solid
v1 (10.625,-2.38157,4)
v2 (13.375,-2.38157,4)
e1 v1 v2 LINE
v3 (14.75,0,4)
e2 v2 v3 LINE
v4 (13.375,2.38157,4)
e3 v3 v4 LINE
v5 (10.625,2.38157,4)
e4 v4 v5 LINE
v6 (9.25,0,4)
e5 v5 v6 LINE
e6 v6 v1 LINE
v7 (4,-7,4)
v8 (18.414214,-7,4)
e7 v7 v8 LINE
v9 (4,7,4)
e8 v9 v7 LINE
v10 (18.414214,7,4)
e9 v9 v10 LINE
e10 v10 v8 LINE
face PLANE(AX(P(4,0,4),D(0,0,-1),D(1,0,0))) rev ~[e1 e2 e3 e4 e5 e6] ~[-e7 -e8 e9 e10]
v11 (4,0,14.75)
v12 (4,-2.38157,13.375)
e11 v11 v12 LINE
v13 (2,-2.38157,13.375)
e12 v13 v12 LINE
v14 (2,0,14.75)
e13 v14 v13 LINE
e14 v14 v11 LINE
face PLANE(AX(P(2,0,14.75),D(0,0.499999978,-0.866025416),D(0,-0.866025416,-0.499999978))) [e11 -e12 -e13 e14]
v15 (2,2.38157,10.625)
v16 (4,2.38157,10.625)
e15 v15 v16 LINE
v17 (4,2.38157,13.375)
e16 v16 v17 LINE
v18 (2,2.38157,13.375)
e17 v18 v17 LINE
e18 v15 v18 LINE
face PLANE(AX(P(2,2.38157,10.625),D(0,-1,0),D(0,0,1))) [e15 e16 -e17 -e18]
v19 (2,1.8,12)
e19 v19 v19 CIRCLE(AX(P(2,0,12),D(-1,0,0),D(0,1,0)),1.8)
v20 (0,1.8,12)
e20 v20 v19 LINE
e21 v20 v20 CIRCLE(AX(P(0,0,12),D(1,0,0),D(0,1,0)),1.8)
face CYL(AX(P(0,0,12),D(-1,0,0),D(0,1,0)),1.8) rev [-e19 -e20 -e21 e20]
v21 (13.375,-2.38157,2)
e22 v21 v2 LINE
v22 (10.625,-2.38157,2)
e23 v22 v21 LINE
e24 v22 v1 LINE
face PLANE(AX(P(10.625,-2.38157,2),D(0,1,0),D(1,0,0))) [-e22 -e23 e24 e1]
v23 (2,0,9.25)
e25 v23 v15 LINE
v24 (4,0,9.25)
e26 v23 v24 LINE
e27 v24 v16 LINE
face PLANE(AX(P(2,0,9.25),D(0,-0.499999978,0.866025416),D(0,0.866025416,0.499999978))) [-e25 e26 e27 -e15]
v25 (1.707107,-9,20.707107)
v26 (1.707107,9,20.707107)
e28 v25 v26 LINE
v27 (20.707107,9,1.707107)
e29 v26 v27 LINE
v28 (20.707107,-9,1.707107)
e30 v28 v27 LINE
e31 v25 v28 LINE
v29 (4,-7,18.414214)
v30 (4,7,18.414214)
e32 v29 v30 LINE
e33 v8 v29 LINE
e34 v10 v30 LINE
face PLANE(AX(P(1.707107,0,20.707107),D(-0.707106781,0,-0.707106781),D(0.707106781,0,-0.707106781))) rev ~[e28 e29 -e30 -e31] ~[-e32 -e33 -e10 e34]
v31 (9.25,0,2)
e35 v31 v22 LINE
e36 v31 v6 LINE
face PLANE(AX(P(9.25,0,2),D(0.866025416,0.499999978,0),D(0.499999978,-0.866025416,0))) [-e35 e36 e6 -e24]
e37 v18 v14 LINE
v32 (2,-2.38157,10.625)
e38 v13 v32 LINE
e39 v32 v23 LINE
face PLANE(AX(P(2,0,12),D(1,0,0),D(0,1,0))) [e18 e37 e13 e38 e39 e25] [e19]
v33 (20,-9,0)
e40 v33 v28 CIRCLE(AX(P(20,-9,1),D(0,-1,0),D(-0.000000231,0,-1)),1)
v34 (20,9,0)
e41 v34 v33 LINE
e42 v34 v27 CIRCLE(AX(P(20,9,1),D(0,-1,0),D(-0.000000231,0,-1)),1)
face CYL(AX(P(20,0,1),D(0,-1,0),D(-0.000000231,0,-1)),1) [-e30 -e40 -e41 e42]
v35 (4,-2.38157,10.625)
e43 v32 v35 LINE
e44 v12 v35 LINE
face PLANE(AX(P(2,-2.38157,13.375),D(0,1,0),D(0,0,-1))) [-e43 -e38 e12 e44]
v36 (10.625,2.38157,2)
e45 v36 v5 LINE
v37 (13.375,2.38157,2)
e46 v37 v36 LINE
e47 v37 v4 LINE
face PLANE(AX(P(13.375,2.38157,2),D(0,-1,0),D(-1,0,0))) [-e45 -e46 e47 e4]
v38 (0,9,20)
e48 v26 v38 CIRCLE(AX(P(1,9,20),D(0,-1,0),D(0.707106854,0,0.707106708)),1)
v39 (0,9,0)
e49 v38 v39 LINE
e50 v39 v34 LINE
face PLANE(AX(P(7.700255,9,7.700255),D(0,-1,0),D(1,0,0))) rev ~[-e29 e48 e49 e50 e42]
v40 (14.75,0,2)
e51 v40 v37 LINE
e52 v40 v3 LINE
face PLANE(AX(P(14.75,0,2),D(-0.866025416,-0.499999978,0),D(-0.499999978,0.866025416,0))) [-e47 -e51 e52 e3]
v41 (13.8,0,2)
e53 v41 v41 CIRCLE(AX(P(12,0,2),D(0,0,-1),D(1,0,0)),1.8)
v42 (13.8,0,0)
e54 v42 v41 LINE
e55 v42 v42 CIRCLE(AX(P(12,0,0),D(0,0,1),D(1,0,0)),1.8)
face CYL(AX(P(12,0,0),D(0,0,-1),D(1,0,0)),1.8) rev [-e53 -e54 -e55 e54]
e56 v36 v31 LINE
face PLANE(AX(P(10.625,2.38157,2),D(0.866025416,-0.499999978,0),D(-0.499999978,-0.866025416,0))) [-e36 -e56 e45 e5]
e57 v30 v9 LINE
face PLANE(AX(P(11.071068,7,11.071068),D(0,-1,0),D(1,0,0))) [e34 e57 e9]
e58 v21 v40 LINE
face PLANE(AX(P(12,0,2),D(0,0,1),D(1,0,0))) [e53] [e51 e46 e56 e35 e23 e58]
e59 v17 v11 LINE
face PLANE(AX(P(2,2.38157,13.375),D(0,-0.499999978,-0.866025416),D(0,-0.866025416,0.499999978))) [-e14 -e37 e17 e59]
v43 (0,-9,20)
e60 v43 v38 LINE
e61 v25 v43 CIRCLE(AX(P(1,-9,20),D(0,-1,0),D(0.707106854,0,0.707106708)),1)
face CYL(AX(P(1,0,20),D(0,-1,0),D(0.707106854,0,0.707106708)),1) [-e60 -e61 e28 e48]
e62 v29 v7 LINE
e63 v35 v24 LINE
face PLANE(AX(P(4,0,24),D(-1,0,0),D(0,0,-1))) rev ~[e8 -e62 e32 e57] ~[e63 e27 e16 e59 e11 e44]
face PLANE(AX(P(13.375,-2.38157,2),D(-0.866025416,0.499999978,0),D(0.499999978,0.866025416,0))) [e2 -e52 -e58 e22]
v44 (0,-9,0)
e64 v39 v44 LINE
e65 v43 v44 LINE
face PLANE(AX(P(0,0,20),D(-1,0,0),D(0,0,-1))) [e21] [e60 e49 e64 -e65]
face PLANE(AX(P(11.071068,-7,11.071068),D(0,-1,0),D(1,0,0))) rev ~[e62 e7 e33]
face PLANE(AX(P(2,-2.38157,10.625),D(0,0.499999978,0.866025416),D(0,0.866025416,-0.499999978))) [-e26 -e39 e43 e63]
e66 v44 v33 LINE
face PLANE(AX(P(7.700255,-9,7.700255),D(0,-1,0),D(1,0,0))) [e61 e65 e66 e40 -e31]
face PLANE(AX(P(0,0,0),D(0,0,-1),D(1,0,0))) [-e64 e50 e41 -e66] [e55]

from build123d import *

# Parameters (mm, degrees)
PAD001_DEPTH         = 9
POCKET001_DEPTH      = 7
SKETCH004_R          = 1.8
POCKET002_DEPTH      = 0.001
POCKET002_DEPTH_BACK = 21.001
SKETCH005_R          = 1.8
POCKET003_DEPTH      = 0.001
POCKET003_DEPTH_BACK = 21.001
POCKET004_DEPTH      = 5
POCKET005_DEPTH      = 5


with BuildPart() as part:
    # Sketch002 → Pad001 (new body, symmetric)
    with BuildSketch(Plane.XZ):
        with BuildLine():
            Line((0, 20), (0, 0))
            Line((0, 0), (20, 0))
            ThreePointArc((20, 0), (20.92388, 0.617317), (20.707107, 1.707107))
            Line((1.707107, 20.707107), (20.707107, 1.707107))
            ThreePointArc((1.707107, 20.707107), (0.617317, 20.92388), (0, 20))
        make_face()
    extrude(amount=PAD001_DEPTH, both=True)

    # Sketch003 → Pocket001 (cut, symmetric)
    with BuildSketch(Plane.XZ):
        Polygon((4, 24), (4, 4), (24, 4), align=None)
    extrude(amount=POCKET001_DEPTH, both=True, mode=Mode.SUBTRACT)

    # Sketch004 → Pocket002 (cut, two sides)
    with BuildSketch(Plane.XY) as pocket002_sk:
        with Locations((12, 0)):
            Circle(SKETCH004_R)
    extrude(amount=-POCKET002_DEPTH, mode=Mode.SUBTRACT)
    extrude(pocket002_sk.sketch, amount=POCKET002_DEPTH_BACK, mode=Mode.SUBTRACT)

    # Sketch005 → Pocket003 (cut, two sides)
    with BuildSketch(Plane.YZ) as pocket003_sk:
        with Locations((0, 12)):
            Circle(SKETCH005_R)
    extrude(amount=-POCKET003_DEPTH, mode=Mode.SUBTRACT)
    extrude(pocket003_sk.sketch, amount=POCKET003_DEPTH_BACK, mode=Mode.SUBTRACT)

    # Sketch006 → Pocket004 (cut)
    with BuildSketch(Plane.YZ.offset(2)):
        Polygon((0, 14.75), (-2.38157, 13.375), (-2.38157, 10.625), (0, 9.25), (2.38157, 10.625), (2.38157, 13.375), align=None)
    extrude(amount=POCKET004_DEPTH, mode=Mode.SUBTRACT)

    # Sketch007 → Pocket005 (cut)
    with BuildSketch(Plane.XY.offset(2)):
        Polygon((14.75, 0), (13.375, 2.38157), (10.625, 2.38157), (9.25, 0), (10.625, -2.38157), (13.375, -2.38157), align=None)
    extrude(amount=POCKET005_DEPTH, mode=Mode.SUBTRACT)


solid = part.part
